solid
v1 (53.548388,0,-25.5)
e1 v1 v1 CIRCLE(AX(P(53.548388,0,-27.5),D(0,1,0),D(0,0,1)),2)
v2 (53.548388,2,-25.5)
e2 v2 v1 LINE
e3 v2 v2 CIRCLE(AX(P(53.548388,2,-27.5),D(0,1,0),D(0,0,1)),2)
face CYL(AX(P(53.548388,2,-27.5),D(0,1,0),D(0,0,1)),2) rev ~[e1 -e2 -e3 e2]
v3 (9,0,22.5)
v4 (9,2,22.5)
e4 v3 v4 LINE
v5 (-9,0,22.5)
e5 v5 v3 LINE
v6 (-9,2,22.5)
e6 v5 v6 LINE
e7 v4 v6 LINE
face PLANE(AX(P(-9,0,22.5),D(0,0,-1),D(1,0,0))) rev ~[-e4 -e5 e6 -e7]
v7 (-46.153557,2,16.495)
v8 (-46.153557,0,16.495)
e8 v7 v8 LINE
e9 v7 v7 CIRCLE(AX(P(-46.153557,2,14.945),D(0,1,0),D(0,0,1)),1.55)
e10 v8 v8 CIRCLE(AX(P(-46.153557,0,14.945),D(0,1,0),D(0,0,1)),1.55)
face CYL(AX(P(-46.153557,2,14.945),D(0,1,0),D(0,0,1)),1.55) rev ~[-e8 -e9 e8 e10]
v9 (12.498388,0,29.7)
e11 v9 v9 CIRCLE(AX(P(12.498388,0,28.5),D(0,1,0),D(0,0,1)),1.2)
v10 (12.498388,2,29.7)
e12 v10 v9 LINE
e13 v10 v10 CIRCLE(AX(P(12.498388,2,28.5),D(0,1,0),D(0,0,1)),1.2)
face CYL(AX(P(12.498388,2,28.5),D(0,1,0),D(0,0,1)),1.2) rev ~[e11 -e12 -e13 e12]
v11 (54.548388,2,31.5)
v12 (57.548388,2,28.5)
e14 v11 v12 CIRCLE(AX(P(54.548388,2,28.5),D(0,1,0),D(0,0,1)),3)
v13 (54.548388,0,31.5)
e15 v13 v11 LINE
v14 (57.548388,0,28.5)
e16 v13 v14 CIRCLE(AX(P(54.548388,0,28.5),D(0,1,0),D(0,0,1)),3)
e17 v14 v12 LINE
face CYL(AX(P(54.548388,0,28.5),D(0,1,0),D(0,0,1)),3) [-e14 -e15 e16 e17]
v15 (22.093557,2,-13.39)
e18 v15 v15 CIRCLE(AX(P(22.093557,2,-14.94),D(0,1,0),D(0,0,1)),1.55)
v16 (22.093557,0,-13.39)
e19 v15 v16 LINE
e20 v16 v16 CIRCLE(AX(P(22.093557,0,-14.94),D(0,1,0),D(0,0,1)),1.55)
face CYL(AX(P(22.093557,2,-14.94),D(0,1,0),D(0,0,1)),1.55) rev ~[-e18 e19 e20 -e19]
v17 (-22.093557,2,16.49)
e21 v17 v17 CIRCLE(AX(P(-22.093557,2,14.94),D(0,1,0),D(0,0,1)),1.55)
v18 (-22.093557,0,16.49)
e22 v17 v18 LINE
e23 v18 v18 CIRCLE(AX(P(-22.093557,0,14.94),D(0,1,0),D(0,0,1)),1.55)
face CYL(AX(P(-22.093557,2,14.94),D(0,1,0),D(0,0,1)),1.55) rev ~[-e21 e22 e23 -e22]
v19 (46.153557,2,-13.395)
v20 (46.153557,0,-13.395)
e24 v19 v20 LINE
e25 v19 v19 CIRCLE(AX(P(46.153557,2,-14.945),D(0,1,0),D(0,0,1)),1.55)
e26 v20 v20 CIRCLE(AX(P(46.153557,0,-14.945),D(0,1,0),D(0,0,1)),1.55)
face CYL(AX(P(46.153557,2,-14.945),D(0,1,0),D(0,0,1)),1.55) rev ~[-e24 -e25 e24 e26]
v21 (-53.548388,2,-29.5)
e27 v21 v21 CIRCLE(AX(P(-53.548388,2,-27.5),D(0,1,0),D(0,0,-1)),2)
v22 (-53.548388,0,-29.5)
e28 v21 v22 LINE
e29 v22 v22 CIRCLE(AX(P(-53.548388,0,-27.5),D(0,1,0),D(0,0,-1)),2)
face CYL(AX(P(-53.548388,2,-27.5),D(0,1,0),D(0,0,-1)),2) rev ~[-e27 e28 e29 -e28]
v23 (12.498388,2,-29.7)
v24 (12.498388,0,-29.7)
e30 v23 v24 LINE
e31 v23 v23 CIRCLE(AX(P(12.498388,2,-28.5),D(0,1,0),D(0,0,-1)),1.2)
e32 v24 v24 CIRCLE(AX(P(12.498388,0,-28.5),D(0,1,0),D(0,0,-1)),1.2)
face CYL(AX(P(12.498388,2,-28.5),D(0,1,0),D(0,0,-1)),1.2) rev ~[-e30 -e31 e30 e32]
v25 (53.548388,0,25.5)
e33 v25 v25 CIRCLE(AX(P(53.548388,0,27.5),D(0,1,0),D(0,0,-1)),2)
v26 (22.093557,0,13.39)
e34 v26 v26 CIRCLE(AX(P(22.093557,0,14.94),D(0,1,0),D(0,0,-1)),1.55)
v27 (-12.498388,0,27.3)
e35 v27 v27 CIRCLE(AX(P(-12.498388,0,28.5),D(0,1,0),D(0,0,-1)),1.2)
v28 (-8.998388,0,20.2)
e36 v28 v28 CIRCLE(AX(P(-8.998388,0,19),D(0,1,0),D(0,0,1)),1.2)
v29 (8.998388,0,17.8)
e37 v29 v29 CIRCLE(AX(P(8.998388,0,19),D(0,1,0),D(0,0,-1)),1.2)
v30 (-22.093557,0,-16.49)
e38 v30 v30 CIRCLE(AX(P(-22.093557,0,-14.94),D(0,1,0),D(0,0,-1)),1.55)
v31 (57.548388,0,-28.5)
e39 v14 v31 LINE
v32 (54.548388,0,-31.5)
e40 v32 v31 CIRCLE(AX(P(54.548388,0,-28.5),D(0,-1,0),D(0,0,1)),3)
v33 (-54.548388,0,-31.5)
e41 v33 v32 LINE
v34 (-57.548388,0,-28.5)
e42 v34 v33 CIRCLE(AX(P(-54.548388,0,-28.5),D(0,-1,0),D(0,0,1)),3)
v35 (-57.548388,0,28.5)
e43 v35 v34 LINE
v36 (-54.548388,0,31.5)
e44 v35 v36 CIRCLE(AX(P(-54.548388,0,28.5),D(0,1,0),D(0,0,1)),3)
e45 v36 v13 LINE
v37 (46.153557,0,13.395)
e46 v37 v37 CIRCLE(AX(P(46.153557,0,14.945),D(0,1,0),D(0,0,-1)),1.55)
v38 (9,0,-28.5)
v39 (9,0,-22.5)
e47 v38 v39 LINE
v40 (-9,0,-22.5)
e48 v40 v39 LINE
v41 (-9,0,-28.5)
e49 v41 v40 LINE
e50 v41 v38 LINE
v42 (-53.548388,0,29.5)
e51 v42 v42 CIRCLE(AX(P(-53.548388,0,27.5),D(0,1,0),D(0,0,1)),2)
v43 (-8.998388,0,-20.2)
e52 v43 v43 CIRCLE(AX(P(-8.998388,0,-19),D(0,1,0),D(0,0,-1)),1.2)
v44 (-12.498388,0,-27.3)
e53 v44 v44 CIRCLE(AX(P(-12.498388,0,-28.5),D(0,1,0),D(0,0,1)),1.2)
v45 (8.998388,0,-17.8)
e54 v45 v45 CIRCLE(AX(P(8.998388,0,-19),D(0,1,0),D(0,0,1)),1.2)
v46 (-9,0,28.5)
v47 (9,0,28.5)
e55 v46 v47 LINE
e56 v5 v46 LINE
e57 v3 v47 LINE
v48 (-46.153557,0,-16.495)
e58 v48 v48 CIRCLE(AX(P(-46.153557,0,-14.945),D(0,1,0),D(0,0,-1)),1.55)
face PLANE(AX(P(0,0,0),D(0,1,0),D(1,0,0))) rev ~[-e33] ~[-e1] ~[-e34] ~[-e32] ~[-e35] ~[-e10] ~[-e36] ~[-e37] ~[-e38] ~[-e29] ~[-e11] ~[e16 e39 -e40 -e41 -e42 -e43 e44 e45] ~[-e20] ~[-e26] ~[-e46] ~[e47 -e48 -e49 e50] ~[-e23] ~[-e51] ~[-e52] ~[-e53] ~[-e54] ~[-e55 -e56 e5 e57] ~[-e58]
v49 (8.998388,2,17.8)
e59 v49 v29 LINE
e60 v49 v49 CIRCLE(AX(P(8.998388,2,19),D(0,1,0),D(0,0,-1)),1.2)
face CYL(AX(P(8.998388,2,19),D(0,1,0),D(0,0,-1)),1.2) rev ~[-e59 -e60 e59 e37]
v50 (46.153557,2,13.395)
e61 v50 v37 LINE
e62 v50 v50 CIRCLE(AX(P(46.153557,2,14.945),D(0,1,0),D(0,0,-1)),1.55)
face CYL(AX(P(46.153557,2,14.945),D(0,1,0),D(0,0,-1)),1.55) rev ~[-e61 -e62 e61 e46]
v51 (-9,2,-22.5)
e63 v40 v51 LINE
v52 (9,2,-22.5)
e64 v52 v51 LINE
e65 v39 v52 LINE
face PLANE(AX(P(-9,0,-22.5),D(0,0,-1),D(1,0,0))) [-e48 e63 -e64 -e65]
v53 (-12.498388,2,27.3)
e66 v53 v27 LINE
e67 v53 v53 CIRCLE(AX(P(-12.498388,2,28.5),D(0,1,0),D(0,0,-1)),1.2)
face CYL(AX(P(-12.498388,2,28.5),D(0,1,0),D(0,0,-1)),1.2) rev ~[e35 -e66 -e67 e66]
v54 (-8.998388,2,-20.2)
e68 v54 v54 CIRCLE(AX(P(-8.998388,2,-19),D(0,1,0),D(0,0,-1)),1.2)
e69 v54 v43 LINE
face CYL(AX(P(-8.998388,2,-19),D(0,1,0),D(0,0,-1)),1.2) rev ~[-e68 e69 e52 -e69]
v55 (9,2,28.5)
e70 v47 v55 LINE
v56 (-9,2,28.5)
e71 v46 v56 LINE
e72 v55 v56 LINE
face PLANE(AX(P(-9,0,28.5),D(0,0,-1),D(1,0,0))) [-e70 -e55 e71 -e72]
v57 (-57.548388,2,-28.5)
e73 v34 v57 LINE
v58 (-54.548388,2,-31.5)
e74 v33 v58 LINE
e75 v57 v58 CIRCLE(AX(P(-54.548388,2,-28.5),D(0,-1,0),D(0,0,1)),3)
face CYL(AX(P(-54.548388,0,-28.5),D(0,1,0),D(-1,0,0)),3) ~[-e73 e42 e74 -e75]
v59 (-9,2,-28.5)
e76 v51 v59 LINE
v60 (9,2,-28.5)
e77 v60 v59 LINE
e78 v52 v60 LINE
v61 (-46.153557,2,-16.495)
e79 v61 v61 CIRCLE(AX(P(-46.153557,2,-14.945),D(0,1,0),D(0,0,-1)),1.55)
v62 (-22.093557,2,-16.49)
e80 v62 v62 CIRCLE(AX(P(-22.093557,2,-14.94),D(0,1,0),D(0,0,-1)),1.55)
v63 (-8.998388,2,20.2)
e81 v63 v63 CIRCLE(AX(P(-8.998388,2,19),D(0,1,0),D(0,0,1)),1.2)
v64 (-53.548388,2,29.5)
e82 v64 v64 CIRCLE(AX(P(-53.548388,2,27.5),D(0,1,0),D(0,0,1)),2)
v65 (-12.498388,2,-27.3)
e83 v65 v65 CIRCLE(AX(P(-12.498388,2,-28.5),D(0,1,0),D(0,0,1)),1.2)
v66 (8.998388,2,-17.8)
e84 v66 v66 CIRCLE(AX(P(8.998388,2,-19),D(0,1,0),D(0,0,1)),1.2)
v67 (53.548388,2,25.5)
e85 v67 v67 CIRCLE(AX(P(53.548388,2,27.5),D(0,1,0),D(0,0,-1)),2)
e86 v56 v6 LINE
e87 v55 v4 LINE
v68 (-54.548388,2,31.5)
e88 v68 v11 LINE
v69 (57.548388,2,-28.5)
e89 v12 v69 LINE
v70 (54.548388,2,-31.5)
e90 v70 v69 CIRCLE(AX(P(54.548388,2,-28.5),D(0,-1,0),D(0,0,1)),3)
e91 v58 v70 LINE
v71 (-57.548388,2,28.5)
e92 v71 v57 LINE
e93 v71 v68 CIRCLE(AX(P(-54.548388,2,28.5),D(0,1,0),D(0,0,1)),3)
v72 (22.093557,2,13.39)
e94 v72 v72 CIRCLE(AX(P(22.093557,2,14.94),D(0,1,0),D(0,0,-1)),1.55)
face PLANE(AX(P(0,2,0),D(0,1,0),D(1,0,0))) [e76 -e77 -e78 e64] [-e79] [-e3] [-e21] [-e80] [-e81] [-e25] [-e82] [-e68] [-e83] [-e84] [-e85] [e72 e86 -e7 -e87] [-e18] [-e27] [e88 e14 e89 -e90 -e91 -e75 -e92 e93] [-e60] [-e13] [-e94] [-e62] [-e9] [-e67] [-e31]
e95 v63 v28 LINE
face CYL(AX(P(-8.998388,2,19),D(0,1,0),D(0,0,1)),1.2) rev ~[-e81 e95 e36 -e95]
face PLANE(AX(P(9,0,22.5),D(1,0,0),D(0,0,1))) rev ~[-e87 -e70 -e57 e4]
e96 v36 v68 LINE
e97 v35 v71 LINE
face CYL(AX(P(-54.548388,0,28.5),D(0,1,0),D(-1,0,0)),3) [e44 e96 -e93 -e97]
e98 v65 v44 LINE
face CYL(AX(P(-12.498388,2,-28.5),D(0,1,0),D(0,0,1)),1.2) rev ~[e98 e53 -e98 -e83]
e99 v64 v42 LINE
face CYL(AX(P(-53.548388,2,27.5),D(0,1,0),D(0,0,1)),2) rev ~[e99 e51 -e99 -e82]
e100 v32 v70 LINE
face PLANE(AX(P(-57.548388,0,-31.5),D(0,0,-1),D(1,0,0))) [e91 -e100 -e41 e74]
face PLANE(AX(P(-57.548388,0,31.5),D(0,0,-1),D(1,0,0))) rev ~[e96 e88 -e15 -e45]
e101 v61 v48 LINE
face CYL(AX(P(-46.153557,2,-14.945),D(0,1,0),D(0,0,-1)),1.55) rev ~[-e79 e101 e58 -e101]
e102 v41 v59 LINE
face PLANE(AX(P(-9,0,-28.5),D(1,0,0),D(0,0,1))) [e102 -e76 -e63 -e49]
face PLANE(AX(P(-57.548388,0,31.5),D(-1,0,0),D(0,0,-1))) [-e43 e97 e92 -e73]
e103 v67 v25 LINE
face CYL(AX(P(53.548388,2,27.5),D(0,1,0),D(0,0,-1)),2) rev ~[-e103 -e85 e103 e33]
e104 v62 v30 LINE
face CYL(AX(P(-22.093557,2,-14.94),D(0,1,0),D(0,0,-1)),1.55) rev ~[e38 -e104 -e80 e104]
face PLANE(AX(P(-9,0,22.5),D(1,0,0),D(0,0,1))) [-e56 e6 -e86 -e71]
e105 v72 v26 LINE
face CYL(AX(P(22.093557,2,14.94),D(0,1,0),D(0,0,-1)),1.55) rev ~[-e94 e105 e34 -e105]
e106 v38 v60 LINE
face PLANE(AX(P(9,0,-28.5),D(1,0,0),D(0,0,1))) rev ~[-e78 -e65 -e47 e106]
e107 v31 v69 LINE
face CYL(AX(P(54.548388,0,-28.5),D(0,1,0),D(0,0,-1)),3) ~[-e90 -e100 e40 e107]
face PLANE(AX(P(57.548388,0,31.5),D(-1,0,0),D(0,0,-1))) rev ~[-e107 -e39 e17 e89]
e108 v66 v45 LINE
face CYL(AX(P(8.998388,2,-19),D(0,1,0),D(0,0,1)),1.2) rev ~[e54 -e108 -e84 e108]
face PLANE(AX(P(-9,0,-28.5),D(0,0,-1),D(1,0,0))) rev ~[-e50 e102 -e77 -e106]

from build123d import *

# Parameters (mm, degrees)
ESBO_O1_W                = 115.09677689
ESBO_O1_H                = 63
RESSALTO_EXTRUS_O1_DEPTH = 2
ESBO_O2_R                = 1.55
CORTE_EXTRUS_O1_DEPTH    = 66.635866816
ESBO_O3_W                = 18
ESBO_O3_H                = 6
CORTE_EXTRUS_O2_DEPTH    = 66.635866816
ESBO_O5_R                = 2
CORTE_EXTRUS_O3_DEPTH    = 66.635866816
FILETE1_R                = 3
ESBO_O8_R                = 1.2
CORTE_EXTRUS_O4_DEPTH    = 66.635866816


with BuildPart() as part:
    # Esboço1 → Ressalto-extrusão1 (new body)
    with BuildSketch(Plane(origin=(0, 0, 0), x_dir=(1, 0, 0), z_dir=(0, 1, 0))):
        Rectangle(ESBO_O1_W, ESBO_O1_H)
    extrude(amount=RESSALTO_EXTRUS_O1_DEPTH)

    # Esboço2 → Corte-extrusão1 (cut, through all)
    with BuildSketch(Plane(origin=(0, 2, 0), x_dir=(1, 0, 0), z_dir=(0, 1, 0))):
        with Locations(Location((-46.153556516, -14.945, 0), (0, 0, 270))):
            Circle(ESBO_O2_R)
        with Locations(Location((-22.093556516, -14.94, 0), (0, 0, 270))):
            Circle(ESBO_O2_R)
        with Locations(Location((22.093556516, -14.94, 0), (0, 0, 90))):
            Circle(ESBO_O2_R)
        with Locations(Location((46.153556516, -14.945, 0), (0, 0, 90))):
            Circle(ESBO_O2_R)
        with Locations(Location((46.153556516, 14.945, 0), (0, 0, 270))):
            Circle(ESBO_O2_R)
        with Locations(Location((22.093556516, 14.94, 0), (0, 0, 270))):
            Circle(ESBO_O2_R)
        with Locations(Location((-22.093556516, 14.94, 0), (0, 0, 90))):
            Circle(ESBO_O2_R)
        with Locations(Location((-46.153556516, 14.945, 0), (0, 0, 90))):
            Circle(ESBO_O2_R)
    extrude(amount=-CORTE_EXTRUS_O1_DEPTH, mode=Mode.SUBTRACT)

    # Esboço3 → Corte-extrusão2 (cut, through all)
    with BuildSketch(Plane.XZ):
        with Locations((0, 25.5)):
            Rectangle(ESBO_O3_W, ESBO_O3_H)
        with Locations((0, -25.5)):
            Rectangle(ESBO_O3_W, ESBO_O3_H)
    extrude(amount=-CORTE_EXTRUS_O2_DEPTH, mode=Mode.SUBTRACT)

    # Esboço5 → Corte-extrusão3 (cut, through all)
    with BuildSketch(Plane(origin=(0, 2, 0), x_dir=(1, 0, 0), z_dir=(0, 1, 0))):
        with Locations(Location((53.548388445, 27.5, 0), (0, 0, 270))):
            Circle(ESBO_O5_R)
        with Locations(Location((53.548388445, -27.5, 0), (0, 0, 90))):
            Circle(ESBO_O5_R)
        with Locations(Location((-53.548388445, -27.5, 0), (0, 0, 270))):
            Circle(ESBO_O5_R)
        with Locations(Location((-53.548388445, 27.5, 0), (0, 0, 90))):
            Circle(ESBO_O5_R)
    extrude(amount=-CORTE_EXTRUS_O3_DEPTH, mode=Mode.SUBTRACT)

    # Filete1
    filete1_edges = [part.edges().sort_by_distance(p)[0] for p in [
        (-57.548388445, 1, -31.5),
        (57.548388445, 1, -31.5),
        (57.548388445, 1, 31.5),
        (-57.548388445, 1, 31.5),
    ]]
    fillet(filete1_edges, radius=FILETE1_R)

    # Esboço8 → Corte-extrusão4 (cut, through all)
    with BuildSketch(Plane(origin=(0, 2, 0), x_dir=(1, 0, 0), z_dir=(0, 1, 0))):
        with Locations(Location((-12.498388445, 28.5, 0), (0, 0, 270))):
            Circle(ESBO_O8_R)
        with Locations(Location((12.498388445, 28.5, 0), (0, 0, 90))):
            Circle(ESBO_O8_R)
        with Locations(Location((12.498388445, -28.5, 0), (0, 0, 270))):
            Circle(ESBO_O8_R)
        with Locations(Location((-12.498388445, -28.5, 0), (0, 0, 90))):
            Circle(ESBO_O8_R)
        with Locations(Location((-8.998388445, -19, 0), (0, 0, 270))):
            Circle(ESBO_O8_R)
        with Locations(Location((8.998388445, -19, 0), (0, 0, 90))):
            Circle(ESBO_O8_R)
        with Locations(Location((8.998388445, 19, 0), (0, 0, 270))):
            Circle(ESBO_O8_R)
        with Locations(Location((-8.998388445, 19, 0), (0, 0, 90))):
            Circle(ESBO_O8_R)
    extrude(amount=-CORTE_EXTRUS_O4_DEPTH, mode=Mode.SUBTRACT)


solid = part.part
